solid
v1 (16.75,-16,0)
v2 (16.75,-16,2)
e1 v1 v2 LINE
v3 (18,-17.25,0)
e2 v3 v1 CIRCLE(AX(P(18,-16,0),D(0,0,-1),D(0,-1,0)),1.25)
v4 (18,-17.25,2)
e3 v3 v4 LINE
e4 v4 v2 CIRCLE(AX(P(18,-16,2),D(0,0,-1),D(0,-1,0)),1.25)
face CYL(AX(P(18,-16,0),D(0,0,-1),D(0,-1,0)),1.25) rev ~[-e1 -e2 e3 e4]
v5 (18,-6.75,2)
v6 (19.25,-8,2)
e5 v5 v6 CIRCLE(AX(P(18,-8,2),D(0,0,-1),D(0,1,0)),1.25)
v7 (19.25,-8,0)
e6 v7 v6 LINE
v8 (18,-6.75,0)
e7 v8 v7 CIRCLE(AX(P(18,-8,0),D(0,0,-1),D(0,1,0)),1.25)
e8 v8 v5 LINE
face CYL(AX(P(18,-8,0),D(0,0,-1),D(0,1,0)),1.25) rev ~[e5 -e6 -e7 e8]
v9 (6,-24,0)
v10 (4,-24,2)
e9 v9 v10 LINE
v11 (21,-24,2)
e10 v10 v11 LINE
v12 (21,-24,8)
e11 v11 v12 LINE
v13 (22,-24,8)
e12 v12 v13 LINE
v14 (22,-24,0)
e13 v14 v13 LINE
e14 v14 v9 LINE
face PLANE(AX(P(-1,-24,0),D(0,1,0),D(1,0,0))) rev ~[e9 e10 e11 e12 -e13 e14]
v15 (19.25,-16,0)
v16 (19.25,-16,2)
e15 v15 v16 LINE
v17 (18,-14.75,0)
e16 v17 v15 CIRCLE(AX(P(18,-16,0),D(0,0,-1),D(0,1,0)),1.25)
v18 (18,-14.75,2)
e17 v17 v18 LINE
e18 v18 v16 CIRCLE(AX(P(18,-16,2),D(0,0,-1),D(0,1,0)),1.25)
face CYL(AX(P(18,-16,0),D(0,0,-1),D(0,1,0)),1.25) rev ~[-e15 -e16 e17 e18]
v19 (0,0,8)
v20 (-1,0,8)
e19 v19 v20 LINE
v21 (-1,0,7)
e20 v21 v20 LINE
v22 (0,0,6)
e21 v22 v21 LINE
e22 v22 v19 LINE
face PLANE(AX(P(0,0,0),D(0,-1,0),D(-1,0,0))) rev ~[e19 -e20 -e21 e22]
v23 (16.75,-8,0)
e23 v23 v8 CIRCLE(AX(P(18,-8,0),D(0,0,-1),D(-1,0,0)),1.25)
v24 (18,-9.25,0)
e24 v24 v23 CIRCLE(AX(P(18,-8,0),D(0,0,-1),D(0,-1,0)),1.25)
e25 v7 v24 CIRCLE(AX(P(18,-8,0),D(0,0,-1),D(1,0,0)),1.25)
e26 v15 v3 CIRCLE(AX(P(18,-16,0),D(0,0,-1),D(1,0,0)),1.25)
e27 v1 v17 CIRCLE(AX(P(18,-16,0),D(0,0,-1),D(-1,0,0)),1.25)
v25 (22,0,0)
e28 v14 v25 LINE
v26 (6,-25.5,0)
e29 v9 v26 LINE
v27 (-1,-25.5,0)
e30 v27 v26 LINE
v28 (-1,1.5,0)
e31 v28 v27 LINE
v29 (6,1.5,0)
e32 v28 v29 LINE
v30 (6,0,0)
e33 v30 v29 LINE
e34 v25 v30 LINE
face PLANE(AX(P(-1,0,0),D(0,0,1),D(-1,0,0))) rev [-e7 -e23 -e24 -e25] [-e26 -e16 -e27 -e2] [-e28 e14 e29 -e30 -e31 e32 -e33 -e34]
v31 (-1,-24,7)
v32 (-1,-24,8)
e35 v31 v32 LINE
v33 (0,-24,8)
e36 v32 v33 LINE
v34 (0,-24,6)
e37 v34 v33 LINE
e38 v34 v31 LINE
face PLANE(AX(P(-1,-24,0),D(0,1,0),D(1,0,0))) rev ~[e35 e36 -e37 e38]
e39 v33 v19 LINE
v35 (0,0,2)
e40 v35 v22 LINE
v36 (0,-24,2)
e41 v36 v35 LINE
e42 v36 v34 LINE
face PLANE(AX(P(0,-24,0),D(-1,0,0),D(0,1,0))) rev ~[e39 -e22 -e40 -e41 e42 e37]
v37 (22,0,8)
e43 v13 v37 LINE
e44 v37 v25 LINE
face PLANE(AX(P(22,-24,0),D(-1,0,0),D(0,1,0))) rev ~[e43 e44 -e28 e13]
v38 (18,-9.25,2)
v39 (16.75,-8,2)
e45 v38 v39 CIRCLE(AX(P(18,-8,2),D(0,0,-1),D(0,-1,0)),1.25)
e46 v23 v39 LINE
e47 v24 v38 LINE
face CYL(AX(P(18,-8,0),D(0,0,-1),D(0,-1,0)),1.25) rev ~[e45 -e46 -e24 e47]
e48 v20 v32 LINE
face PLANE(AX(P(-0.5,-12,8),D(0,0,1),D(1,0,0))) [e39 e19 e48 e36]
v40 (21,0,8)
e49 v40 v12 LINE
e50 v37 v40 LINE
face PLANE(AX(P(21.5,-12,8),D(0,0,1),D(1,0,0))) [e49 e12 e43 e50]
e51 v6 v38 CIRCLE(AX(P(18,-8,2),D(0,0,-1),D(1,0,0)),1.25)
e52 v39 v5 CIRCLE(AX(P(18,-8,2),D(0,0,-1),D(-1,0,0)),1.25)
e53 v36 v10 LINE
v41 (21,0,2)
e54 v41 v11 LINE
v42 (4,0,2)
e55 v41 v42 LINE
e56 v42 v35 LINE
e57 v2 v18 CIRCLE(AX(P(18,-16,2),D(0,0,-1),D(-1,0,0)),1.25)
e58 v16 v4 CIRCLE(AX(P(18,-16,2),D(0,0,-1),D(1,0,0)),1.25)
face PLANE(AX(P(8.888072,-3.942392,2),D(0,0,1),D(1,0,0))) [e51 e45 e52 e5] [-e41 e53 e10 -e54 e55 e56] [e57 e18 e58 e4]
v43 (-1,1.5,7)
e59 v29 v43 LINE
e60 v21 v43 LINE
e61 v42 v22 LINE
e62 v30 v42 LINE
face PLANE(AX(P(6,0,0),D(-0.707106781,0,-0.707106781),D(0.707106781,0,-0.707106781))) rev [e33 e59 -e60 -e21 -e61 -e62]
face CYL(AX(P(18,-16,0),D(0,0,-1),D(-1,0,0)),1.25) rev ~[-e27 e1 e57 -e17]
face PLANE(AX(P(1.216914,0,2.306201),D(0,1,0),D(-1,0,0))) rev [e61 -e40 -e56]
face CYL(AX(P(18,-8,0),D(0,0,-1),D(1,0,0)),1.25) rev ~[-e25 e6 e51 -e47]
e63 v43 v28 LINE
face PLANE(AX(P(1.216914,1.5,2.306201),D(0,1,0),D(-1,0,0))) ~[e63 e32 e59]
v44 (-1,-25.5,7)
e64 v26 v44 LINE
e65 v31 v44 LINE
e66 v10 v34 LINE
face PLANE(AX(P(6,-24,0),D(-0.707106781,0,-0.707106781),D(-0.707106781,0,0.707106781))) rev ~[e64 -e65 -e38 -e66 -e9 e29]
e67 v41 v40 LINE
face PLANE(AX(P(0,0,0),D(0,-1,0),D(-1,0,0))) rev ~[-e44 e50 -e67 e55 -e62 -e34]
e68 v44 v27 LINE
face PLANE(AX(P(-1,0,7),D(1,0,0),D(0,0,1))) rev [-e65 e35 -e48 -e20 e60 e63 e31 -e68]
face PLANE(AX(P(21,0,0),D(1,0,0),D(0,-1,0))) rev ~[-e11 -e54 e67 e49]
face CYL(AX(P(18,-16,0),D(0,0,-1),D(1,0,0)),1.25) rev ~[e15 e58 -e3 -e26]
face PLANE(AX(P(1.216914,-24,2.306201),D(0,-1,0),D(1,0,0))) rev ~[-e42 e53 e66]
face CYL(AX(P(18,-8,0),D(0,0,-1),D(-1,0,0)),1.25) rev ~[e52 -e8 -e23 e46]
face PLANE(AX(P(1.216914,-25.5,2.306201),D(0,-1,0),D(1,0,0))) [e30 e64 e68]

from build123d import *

# Parameters (mm, degrees)
F1_DEPTH = 8
F2_DEPTH = 2
F4_DEPTH = 1.5


with BuildPart() as f1:
    # F0 (on Top) → F1 (new body)
    with BuildSketch(Plane.XY):
        Polygon((0, -8), (0, 0), (-1, 0), (-1, -24), (0, -24), (0, -16), (0, -12), align=None)
    extrude(amount=F1_DEPTH)



with BuildPart() as f1b:
    # F0 (on Top) → F1, piece 2 (new body)
    with BuildSketch(Plane.XY):
        Polygon((22, 0), (21, 0), (21, -8), (21, -16), (21, -24), (22, -24), align=None)
    extrude(amount=F1_DEPTH)


with BuildPart() as f1_1:
    add(f1.part)

    add(f1b.part)  # F2 merges F1b
    # F0 (on Top) → F2 (join)
    with BuildSketch(Plane.XY):
        with BuildLine():
            Line((18, 0), (0, 0))
            Line((0, 0), (0, -8))
            Line((0, -8), (16.75, -8))
            ThreePointArc((16.75, -8), (17.1161165235, -7.1161165235), (18, -6.75))
            Line((18, -6.75), (18, 0))
        make_face()
        Polygon((0, -8), (0, 0), (-1, 0), (-1, -24), (0, -24), (0, -16), (0, -12), align=None)
        with BuildLine():
            Line((21, 0), (18, 0))
            Line((18, 0), (18, -6.75))
            ThreePointArc((18, -6.75), (18.8838834765, -7.1161165235), (19.25, -8))
            Line((19.25, -8), (21, -8))
            Line((21, -8), (21, 0))
        make_face()
        Polygon((22, 0), (21, 0), (21, -8), (21, -16), (21, -24), (22, -24), align=None)
        with BuildLine():
            Line((16.75, -16), (0, -16))
            Line((0, -16), (0, -24))
            Line((0, -24), (18, -24))
            Line((18, -24), (18, -17.25))
            ThreePointArc((18, -17.25), (17.1161165235, -16.8838834765), (16.75, -16))
        make_face()
        with BuildLine():
            Line((21, -24), (21, -16))
            Line((21, -16), (19.25, -16))
            ThreePointArc((19.25, -16), (18.8838834765, -16.8838834765), (18, -17.25))
            Line((18, -17.25), (18, -24))
            Line((18, -24), (21, -24))
        make_face()
        with BuildLine():
            Line((18, -12), (0, -12))
            Line((0, -12), (0, -16))
            Line((0, -16), (16.75, -16))
            ThreePointArc((16.75, -16), (17.1161165235, -15.1161165235), (18, -14.75))
            Line((18, -14.75), (18, -12))
        make_face()
        with BuildLine():
            Line((21, -16), (21, -8))
            Line((21, -8), (19.25, -8))
            ThreePointArc((19.25, -8), (18.8838834765, -8.8838834765), (18, -9.25))
            Line((18, -9.25), (18, -12))
            Line((18, -12), (18, -14.75))
            ThreePointArc((18, -14.75), (18.8838834765, -15.1161165235), (19.25, -16))
            Line((19.25, -16), (21, -16))
        make_face()
        with BuildLine():
            Line((16.75, -8), (0, -8))
            Line((0, -8), (0, -12))
            Line((0, -12), (18, -12))
            Line((18, -12), (18, -9.25))
            ThreePointArc((18, -9.25), (17.1161165235, -8.8838834765), (16.75, -8))
        make_face()
    extrude(amount=F2_DEPTH)

    # F3 (on face) → F4 (join)
    with BuildSketch(Plane.XZ.offset(24)):
        Polygon((4, 2), (0, 2), (0, 6), (-1, 7), (-1, 0), (6, 0), align=None)
        Polygon((0, 6), (0, 2), (4, 2), align=None)
    extrude(amount=F4_DEPTH)

    # F6: F1 across plane


with BuildPart() as f1_2:
    add(f1_1.part)
    add(f1_1.part.mirror(Plane.XZ.offset(12)))


solid = f1_2.part
